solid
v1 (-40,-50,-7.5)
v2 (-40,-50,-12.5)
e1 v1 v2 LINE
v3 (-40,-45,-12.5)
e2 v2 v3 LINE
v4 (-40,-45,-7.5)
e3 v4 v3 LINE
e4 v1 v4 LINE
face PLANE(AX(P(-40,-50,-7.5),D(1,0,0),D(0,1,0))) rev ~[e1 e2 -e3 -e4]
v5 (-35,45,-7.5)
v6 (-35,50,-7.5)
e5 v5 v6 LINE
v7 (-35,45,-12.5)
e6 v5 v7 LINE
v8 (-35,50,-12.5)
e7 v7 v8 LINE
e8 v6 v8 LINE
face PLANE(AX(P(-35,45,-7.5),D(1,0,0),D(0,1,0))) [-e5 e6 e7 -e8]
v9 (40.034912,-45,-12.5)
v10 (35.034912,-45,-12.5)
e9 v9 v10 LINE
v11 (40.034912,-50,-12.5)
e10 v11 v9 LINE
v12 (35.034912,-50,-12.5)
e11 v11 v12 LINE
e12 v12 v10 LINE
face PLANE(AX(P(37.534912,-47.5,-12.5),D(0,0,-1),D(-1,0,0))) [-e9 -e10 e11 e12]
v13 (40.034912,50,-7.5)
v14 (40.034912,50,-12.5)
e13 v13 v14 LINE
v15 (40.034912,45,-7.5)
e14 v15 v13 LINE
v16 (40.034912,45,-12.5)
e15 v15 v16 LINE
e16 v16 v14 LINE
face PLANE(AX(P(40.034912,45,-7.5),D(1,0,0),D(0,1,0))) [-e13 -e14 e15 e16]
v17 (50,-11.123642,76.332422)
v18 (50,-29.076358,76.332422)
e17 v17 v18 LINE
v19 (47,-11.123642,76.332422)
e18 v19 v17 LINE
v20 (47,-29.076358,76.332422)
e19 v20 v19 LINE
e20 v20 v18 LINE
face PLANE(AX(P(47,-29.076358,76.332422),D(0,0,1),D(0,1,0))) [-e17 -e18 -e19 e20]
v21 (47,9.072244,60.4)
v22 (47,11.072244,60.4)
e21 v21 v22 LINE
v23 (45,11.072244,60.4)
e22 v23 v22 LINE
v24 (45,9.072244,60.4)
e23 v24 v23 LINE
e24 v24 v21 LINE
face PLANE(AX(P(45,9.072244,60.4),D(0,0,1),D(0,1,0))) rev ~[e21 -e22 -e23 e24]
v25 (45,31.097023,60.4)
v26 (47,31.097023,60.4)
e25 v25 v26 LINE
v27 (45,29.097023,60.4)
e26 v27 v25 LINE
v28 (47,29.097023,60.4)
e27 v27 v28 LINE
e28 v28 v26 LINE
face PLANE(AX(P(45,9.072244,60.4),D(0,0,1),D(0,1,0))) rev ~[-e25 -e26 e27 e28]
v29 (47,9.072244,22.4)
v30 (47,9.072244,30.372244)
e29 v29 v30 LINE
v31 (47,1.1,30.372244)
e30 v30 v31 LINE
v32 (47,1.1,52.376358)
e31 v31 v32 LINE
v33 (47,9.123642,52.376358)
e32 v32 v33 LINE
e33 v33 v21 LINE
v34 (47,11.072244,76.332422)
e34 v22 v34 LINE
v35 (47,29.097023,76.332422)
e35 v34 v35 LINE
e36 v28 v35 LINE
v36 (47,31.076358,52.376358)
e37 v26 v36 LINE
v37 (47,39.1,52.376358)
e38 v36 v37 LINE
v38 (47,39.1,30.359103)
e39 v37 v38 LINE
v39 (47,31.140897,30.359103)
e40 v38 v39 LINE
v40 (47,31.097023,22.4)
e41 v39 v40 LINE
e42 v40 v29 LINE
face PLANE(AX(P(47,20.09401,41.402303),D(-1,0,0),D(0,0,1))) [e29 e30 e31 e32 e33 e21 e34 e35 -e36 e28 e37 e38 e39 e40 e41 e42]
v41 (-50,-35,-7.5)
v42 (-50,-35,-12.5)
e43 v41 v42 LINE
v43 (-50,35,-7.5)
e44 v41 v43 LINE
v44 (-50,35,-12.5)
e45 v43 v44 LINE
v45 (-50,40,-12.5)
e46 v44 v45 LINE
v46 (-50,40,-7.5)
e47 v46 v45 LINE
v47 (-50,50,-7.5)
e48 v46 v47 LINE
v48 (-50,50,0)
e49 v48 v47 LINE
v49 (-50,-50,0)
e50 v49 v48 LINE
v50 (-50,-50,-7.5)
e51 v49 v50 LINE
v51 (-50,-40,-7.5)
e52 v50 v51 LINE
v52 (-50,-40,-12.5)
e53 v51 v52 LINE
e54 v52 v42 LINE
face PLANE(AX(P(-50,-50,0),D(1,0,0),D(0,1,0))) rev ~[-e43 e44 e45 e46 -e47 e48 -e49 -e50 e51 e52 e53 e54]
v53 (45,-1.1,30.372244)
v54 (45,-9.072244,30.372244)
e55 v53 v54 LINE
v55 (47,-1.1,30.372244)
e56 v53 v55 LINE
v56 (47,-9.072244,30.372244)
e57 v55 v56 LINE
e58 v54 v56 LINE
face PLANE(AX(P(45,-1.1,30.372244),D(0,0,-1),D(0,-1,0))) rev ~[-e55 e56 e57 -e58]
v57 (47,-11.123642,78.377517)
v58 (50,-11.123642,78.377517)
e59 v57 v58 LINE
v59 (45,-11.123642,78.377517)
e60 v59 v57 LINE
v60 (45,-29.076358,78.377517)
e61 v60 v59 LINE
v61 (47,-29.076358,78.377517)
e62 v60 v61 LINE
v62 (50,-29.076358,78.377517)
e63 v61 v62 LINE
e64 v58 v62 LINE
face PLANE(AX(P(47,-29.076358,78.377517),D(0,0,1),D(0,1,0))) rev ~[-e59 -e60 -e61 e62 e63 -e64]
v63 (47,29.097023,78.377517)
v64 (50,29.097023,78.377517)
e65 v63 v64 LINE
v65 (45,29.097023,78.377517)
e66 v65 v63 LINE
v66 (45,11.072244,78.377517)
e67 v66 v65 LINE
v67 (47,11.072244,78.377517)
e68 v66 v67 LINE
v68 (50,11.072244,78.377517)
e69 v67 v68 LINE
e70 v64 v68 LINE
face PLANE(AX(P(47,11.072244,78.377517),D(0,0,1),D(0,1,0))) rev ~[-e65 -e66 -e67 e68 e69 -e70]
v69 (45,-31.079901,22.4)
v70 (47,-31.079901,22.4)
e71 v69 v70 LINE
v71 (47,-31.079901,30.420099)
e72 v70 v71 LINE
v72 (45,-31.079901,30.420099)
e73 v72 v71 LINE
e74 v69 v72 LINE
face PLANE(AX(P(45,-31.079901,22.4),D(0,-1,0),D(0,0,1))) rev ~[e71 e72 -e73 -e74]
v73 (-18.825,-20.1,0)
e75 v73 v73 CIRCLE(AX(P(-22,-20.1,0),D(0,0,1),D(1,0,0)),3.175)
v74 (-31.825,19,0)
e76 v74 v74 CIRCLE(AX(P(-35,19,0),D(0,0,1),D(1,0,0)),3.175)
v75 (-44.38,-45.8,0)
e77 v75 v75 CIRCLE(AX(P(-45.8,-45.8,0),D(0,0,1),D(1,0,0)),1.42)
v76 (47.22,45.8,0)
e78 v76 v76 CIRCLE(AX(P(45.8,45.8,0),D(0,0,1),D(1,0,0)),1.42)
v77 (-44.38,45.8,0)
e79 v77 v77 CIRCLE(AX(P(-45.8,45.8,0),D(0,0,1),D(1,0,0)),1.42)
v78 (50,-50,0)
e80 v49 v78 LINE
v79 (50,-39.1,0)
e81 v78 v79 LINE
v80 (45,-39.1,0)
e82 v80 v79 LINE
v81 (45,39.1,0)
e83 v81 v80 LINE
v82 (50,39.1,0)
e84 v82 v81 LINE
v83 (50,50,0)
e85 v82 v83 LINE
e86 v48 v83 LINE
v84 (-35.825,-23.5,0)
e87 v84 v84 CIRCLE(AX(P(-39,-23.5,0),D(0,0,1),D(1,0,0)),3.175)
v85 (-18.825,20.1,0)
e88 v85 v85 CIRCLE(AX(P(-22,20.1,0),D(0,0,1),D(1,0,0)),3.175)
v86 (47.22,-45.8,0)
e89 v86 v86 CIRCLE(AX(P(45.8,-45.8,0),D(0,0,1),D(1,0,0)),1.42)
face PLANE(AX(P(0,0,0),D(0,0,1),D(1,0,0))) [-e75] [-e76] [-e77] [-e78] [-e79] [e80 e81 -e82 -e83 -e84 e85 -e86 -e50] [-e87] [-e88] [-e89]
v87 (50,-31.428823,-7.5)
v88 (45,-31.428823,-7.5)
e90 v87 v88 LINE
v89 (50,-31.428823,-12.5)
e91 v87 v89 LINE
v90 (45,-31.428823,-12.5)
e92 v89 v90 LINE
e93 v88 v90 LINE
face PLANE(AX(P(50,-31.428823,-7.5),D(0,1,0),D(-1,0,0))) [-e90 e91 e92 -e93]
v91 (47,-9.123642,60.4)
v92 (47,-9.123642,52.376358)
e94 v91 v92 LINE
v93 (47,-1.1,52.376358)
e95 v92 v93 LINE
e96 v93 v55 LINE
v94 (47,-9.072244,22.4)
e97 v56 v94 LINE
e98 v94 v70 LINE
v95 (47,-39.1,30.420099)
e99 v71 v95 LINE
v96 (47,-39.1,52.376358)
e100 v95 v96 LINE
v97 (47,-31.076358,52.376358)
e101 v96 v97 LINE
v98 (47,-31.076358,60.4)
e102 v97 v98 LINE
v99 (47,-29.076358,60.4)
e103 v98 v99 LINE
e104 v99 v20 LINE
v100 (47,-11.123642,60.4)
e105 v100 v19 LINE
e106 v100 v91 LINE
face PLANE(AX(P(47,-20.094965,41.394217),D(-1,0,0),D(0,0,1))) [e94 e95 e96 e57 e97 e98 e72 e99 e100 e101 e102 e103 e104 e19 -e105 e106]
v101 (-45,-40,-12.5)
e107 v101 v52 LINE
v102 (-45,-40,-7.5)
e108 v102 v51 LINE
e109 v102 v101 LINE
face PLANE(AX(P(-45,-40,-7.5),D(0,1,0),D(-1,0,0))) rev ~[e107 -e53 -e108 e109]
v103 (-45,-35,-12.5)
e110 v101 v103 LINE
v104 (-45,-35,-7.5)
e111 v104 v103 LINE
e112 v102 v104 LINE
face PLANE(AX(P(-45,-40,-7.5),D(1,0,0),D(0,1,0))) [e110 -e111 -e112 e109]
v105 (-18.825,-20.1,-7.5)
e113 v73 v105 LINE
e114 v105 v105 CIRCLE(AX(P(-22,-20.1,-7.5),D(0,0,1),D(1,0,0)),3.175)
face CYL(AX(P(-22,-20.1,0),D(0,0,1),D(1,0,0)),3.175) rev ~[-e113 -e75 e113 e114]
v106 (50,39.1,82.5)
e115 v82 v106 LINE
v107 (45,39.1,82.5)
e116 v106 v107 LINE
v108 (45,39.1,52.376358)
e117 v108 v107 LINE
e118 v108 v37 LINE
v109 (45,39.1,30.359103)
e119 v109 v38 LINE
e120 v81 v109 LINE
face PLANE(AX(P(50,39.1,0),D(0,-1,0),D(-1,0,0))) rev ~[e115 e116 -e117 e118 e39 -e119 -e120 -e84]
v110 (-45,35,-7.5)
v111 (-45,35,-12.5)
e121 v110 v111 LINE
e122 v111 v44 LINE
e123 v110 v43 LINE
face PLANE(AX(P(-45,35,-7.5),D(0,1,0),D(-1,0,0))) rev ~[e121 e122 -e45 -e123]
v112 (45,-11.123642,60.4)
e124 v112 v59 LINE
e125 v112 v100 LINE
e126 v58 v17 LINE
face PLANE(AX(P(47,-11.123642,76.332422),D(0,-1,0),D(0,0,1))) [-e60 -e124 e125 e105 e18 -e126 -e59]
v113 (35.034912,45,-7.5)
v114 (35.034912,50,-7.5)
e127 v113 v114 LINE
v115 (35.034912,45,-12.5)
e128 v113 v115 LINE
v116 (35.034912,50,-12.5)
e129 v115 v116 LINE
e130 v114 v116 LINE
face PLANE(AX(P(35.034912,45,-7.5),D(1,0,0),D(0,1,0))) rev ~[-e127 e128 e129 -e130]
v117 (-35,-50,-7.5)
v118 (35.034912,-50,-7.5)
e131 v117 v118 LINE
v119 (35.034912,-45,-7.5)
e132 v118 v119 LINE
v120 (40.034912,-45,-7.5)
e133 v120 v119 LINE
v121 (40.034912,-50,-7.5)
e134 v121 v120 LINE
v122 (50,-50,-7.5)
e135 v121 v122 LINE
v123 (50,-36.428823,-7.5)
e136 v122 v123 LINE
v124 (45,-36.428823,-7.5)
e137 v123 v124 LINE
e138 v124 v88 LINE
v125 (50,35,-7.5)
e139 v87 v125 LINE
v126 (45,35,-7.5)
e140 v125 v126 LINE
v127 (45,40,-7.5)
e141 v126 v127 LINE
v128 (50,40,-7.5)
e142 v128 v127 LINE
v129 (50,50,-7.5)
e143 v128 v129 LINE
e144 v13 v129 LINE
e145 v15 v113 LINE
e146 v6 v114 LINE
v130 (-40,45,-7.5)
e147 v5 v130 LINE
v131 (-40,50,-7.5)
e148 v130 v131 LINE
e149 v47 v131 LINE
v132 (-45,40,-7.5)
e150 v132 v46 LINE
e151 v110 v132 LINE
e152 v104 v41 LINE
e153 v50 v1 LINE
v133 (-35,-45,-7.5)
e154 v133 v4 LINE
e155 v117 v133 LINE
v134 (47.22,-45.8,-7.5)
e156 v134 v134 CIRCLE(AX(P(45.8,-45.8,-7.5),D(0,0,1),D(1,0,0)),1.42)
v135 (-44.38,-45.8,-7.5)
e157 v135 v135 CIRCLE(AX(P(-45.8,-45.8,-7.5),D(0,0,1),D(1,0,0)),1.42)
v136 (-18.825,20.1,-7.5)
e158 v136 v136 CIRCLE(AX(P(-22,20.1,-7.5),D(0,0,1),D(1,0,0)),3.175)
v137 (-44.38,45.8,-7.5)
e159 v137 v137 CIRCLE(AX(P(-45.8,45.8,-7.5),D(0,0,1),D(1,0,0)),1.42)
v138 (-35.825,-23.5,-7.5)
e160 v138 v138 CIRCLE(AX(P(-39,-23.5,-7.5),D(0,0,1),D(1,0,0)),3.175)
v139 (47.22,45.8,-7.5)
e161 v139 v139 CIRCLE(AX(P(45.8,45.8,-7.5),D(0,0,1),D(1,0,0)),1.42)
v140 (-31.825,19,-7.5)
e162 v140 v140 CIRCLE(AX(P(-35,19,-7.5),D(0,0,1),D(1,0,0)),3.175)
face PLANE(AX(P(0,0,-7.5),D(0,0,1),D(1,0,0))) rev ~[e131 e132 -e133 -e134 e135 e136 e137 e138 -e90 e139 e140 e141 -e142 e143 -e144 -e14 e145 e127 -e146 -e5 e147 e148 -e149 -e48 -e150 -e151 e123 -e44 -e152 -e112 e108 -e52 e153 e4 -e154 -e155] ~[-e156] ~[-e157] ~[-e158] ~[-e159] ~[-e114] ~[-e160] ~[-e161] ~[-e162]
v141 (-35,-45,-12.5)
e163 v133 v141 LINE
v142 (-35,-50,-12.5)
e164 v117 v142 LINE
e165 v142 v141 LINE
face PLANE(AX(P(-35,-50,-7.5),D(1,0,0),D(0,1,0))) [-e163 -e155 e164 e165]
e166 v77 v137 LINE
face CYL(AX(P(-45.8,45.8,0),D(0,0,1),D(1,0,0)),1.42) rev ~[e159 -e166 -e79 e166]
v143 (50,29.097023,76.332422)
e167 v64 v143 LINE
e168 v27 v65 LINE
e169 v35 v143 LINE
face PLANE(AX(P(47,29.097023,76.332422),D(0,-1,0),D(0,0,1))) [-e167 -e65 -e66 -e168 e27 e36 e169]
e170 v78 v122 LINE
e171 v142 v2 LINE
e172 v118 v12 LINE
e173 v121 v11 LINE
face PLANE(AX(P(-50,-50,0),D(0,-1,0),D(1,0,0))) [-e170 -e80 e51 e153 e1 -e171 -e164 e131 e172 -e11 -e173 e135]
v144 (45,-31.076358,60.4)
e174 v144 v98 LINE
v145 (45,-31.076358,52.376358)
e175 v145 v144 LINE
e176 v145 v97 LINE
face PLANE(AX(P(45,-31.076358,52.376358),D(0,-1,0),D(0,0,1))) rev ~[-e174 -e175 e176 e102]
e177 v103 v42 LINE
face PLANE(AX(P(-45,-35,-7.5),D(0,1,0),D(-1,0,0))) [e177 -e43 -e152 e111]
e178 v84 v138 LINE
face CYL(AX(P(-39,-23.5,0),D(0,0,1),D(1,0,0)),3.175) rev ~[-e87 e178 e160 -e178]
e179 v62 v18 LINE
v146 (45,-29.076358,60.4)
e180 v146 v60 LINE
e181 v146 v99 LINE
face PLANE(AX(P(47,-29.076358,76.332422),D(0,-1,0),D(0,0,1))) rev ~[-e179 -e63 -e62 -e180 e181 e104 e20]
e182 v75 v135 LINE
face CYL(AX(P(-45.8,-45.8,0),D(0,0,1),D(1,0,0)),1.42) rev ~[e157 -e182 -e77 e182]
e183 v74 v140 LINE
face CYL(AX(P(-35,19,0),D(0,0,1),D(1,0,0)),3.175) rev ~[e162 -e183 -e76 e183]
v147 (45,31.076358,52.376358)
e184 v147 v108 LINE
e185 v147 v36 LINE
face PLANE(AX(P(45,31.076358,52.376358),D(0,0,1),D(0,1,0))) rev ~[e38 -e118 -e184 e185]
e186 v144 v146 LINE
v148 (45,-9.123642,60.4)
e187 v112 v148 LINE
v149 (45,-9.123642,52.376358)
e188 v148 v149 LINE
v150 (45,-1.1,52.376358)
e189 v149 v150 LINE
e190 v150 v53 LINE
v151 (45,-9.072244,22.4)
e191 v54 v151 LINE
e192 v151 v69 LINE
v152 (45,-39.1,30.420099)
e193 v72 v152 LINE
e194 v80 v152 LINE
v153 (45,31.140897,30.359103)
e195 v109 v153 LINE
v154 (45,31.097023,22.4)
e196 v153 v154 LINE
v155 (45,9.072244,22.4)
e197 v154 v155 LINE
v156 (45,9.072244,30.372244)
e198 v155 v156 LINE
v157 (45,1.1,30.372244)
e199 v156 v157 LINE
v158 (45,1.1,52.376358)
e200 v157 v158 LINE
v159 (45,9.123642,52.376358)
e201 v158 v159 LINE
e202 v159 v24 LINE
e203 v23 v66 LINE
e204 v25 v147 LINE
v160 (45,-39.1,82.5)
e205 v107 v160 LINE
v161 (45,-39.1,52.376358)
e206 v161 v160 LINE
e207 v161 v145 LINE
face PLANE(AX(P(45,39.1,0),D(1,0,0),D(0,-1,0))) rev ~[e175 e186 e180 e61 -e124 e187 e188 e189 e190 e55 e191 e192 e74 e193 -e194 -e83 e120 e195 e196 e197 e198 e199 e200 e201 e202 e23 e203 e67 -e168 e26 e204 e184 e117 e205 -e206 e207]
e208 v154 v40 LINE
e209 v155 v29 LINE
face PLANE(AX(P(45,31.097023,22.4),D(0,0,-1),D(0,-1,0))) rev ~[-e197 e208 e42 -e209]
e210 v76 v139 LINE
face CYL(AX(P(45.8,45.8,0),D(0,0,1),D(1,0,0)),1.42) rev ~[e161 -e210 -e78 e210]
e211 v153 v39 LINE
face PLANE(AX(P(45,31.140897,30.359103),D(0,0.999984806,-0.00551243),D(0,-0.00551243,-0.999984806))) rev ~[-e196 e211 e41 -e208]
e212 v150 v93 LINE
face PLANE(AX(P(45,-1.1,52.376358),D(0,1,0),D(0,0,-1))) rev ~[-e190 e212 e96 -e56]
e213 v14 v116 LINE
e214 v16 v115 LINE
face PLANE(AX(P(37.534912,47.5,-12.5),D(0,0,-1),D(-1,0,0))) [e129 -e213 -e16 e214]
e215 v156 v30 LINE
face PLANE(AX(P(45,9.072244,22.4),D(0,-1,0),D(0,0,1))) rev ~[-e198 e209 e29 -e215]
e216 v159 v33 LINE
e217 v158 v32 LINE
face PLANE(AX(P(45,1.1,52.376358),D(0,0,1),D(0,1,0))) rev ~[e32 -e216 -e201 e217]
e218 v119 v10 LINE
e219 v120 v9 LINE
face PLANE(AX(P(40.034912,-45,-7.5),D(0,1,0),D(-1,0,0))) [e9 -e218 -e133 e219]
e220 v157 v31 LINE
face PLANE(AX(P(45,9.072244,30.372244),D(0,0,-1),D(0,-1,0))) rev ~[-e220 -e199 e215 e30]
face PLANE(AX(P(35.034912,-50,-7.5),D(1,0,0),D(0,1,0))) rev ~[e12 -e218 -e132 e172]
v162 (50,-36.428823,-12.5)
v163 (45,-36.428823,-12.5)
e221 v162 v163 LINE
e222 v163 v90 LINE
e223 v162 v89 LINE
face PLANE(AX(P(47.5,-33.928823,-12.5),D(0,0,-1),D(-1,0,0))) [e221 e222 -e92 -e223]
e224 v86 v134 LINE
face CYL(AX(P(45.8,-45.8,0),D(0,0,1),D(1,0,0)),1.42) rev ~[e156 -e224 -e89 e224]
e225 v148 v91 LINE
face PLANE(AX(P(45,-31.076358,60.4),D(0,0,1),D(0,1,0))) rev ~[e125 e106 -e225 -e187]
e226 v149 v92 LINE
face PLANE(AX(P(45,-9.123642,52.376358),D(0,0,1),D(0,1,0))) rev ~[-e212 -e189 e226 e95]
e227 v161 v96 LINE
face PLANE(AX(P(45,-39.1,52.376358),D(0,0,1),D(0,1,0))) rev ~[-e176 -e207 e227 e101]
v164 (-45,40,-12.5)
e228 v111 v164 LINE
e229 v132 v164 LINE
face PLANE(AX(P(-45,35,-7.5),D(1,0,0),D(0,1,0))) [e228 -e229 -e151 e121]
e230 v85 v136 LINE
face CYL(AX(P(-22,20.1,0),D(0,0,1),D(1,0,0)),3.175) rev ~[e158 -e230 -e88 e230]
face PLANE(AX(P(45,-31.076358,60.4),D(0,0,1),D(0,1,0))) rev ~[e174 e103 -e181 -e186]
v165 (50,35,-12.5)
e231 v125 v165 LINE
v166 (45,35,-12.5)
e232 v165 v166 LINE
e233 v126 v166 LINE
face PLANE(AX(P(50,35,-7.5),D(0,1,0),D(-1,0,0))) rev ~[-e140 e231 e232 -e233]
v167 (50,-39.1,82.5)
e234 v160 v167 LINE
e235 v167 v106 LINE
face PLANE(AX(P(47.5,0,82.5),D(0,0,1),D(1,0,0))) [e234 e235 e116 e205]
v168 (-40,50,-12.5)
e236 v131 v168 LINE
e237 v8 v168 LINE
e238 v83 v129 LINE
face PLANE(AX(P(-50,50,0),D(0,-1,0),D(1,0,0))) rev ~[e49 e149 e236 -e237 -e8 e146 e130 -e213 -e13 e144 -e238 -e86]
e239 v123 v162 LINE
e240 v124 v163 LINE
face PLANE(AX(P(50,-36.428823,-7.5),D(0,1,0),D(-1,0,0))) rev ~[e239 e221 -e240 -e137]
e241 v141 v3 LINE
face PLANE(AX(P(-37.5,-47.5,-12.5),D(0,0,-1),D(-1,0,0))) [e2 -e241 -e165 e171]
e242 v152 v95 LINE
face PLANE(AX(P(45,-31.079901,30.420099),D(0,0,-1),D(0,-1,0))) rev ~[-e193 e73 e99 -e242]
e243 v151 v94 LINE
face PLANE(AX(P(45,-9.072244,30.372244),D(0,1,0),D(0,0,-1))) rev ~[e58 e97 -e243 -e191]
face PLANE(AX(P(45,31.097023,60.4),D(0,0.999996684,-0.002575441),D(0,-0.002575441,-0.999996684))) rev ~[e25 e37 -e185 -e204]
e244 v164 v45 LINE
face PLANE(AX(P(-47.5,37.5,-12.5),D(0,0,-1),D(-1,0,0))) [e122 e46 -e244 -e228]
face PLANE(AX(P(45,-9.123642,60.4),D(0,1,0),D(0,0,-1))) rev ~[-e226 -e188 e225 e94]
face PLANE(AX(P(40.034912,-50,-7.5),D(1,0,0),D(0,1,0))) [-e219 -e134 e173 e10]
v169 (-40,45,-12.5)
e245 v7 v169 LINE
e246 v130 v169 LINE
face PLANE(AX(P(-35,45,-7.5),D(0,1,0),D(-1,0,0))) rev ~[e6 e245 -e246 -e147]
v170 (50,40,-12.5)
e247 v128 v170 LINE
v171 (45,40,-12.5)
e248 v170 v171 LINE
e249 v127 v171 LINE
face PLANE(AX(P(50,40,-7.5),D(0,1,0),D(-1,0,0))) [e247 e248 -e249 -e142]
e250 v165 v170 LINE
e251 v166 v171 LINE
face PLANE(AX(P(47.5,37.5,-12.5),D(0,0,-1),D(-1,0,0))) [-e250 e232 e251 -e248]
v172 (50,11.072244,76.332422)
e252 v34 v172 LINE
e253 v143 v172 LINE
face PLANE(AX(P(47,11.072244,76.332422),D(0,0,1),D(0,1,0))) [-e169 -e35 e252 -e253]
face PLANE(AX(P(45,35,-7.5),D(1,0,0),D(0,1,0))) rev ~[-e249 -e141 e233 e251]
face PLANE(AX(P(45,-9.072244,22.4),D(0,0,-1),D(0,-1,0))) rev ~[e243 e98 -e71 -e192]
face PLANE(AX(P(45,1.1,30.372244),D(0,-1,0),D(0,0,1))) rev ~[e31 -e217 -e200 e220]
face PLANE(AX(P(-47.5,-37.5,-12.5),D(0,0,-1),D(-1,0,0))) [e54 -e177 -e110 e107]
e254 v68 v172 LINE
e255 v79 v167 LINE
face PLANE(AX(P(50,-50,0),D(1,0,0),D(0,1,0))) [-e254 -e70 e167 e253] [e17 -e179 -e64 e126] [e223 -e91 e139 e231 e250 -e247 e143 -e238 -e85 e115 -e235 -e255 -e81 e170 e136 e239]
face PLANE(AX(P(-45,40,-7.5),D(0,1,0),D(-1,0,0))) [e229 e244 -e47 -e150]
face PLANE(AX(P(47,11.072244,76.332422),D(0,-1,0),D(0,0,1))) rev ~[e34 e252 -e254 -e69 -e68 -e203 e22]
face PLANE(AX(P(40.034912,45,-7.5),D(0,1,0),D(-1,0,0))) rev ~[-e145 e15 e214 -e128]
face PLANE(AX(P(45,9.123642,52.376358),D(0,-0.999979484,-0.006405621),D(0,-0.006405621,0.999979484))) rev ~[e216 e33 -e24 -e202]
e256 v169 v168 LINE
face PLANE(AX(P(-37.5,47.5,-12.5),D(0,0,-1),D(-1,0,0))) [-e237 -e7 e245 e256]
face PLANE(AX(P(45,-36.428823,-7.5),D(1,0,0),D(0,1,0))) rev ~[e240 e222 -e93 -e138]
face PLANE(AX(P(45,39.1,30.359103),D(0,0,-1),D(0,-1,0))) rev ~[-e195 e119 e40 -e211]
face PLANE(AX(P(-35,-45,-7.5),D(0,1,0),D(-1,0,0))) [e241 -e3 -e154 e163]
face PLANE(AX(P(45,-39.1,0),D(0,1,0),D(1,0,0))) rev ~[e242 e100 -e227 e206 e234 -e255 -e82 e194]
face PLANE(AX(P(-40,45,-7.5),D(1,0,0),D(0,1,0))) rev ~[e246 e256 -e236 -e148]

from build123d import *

# Parameters (mm, degrees)
ESQUISSE3_W             = 100
ESQUISSE3_H             = 100
BOSS_EXTRU_1_DEPTH      = 7.5
ESQUISSE4_W             = 5
ESQUISSE4_H             = 5
BOSS_EXTRU_2_DEPTH      = 5
ESQUISSE5_R             = 3.175
ESQUISSE5_R_2           = 1.42
ENL_V_MAT_EXTRU_1_DEPTH = 10
BOSS_EXTRU_3_DEPTH      = 82.5
ENL_V_MAT_EXTRU_2_DEPTH = 2
ESQUISSE8_W             = 17.977516738
ESQUISSE8_H             = 17.952716394
ESQUISSE8_H_2           = 18.02477834
ENL_V_MAT_EXTRU_3_DEPTH = 2
ESQUISSE10_W            = 2.045095135
ESQUISSE10_H            = 18.02477834
ESQUISSE10_H_2          = 17.952716394
ENL_V_MAT_EXTRU_4_DEPTH = 10


with BuildPart() as part:
    # Esquisse3 → Boss.-Extru.1 (new body)
    with BuildSketch(Plane.XY):
        Rectangle(ESQUISSE3_W, ESQUISSE3_H)
    extrude(amount=-BOSS_EXTRU_1_DEPTH)

    # Esquisse4 → Boss.-Extru.2 (add)
    with BuildSketch(Plane(origin=(0, 0, -7.5), x_dir=(-1, 0, 0), z_dir=(0, 0, -1))):
        with Locations((-37.534911535, 47.5)):
            Rectangle(ESQUISSE4_W, ESQUISSE4_H)
        with Locations((37.5, 47.5)):
            Rectangle(ESQUISSE4_W, ESQUISSE4_H)
        with Locations((47.5, 37.5)):
            Rectangle(ESQUISSE4_W, ESQUISSE4_H)
        with Locations((47.5, -37.5)):
            Rectangle(ESQUISSE4_W, ESQUISSE4_H)
        with Locations((37.5, -47.5)):
            Rectangle(ESQUISSE4_W, ESQUISSE4_H)
        with Locations((-37.534911535, -47.5)):
            Rectangle(ESQUISSE4_W, ESQUISSE4_H)
        with Locations((-47.5, -33.92882297)):
            Rectangle(ESQUISSE4_W, ESQUISSE4_H)
        with Locations((-47.5, 37.5)):
            Rectangle(ESQUISSE4_W, ESQUISSE4_H)
    extrude(amount=BOSS_EXTRU_2_DEPTH)

    # Esquisse5 → Enlèv. mat.-Extru.1 (cut)
    with BuildSketch(Plane.XY):
        with Locations((-35, 19)):
            Circle(ESQUISSE5_R)
        with Locations((-39, -23.5)):
            Circle(ESQUISSE5_R)
        with Locations((-45.8, 45.8)):
            Circle(ESQUISSE5_R_2)
        with Locations((-45.8, -45.8)):
            Circle(ESQUISSE5_R_2)
        with Locations((45.8, -45.8)):
            Circle(ESQUISSE5_R_2)
        with Locations((45.8, 45.8)):
            Circle(ESQUISSE5_R_2)
        with Locations((-22, 20.1)):
            Circle(ESQUISSE5_R)
        with Locations((-22, -20.1)):
            Circle(ESQUISSE5_R)
    extrude(amount=-ENL_V_MAT_EXTRU_1_DEPTH, mode=Mode.SUBTRACT)

    # Esquisse6 → Boss.-Extru.3 (add)
    with BuildSketch(Plane.XY):
        Polygon((50, 0), (50, 39.1), (45, 39.1), (45, -39.1), (50, -39.1), align=None)
    extrude(amount=BOSS_EXTRU_3_DEPTH)

    # Esquisse7 → Enlèv. mat.-Extru.2 (cut)
    with BuildSketch(Plane.ZY.offset(-45)):
        Polygon((52.376358197, 39.1), (30.359102655, 39.1), (30.359102655, 31.140897345), (22.4, 31.09702268), (22.4, 9.07224434), (30.37224434, 9.07224434), (30.37224434, 1.1), (52.376358197, 1.1), (52.376358197, 9.123641803), (60.4, 9.07224434), (60.4, 31.09702268), (52.376358197, 31.076358197), align=None)
        Polygon((52.376358197, -1.1), (30.37224434, -1.1), (30.37224434, -9.07224434), (22.4, -9.07224434), (22.4, -31.079901273), (30.420098727, -31.079901273), (30.420098727, -39.1), (52.376358197, -39.1), (52.376358197, -31.076358197), (60.4, -31.076358197), (60.4, -9.123641803), (52.376358197, -9.123641803), align=None)
    extrude(amount=-ENL_V_MAT_EXTRU_2_DEPTH, mode=Mode.SUBTRACT)

    # Esquisse8 → Enlèv. mat.-Extru.3 (cut)
    with BuildSketch(Plane.ZY.offset(-45)):
        with Locations((69.388758369, -20.1)):
            Rectangle(ESQUISSE8_W, ESQUISSE8_H)
        with Locations((69.388758369, 20.08463351)):
            Rectangle(ESQUISSE8_W, ESQUISSE8_H_2)
    extrude(amount=-ENL_V_MAT_EXTRU_3_DEPTH, mode=Mode.SUBTRACT)

    # Esquisse10 → Enlèv. mat.-Extru.4 (cut)
    with BuildSketch(Plane.ZY.offset(-47)):
        with Locations((77.35496917, 20.08463351)):
            Rectangle(ESQUISSE10_W, ESQUISSE10_H)
        with Locations((77.35496917, -20.1)):
            Rectangle(ESQUISSE10_W, ESQUISSE10_H_2)
    extrude(amount=-ENL_V_MAT_EXTRU_4_DEPTH, mode=Mode.SUBTRACT)


solid = part.part
